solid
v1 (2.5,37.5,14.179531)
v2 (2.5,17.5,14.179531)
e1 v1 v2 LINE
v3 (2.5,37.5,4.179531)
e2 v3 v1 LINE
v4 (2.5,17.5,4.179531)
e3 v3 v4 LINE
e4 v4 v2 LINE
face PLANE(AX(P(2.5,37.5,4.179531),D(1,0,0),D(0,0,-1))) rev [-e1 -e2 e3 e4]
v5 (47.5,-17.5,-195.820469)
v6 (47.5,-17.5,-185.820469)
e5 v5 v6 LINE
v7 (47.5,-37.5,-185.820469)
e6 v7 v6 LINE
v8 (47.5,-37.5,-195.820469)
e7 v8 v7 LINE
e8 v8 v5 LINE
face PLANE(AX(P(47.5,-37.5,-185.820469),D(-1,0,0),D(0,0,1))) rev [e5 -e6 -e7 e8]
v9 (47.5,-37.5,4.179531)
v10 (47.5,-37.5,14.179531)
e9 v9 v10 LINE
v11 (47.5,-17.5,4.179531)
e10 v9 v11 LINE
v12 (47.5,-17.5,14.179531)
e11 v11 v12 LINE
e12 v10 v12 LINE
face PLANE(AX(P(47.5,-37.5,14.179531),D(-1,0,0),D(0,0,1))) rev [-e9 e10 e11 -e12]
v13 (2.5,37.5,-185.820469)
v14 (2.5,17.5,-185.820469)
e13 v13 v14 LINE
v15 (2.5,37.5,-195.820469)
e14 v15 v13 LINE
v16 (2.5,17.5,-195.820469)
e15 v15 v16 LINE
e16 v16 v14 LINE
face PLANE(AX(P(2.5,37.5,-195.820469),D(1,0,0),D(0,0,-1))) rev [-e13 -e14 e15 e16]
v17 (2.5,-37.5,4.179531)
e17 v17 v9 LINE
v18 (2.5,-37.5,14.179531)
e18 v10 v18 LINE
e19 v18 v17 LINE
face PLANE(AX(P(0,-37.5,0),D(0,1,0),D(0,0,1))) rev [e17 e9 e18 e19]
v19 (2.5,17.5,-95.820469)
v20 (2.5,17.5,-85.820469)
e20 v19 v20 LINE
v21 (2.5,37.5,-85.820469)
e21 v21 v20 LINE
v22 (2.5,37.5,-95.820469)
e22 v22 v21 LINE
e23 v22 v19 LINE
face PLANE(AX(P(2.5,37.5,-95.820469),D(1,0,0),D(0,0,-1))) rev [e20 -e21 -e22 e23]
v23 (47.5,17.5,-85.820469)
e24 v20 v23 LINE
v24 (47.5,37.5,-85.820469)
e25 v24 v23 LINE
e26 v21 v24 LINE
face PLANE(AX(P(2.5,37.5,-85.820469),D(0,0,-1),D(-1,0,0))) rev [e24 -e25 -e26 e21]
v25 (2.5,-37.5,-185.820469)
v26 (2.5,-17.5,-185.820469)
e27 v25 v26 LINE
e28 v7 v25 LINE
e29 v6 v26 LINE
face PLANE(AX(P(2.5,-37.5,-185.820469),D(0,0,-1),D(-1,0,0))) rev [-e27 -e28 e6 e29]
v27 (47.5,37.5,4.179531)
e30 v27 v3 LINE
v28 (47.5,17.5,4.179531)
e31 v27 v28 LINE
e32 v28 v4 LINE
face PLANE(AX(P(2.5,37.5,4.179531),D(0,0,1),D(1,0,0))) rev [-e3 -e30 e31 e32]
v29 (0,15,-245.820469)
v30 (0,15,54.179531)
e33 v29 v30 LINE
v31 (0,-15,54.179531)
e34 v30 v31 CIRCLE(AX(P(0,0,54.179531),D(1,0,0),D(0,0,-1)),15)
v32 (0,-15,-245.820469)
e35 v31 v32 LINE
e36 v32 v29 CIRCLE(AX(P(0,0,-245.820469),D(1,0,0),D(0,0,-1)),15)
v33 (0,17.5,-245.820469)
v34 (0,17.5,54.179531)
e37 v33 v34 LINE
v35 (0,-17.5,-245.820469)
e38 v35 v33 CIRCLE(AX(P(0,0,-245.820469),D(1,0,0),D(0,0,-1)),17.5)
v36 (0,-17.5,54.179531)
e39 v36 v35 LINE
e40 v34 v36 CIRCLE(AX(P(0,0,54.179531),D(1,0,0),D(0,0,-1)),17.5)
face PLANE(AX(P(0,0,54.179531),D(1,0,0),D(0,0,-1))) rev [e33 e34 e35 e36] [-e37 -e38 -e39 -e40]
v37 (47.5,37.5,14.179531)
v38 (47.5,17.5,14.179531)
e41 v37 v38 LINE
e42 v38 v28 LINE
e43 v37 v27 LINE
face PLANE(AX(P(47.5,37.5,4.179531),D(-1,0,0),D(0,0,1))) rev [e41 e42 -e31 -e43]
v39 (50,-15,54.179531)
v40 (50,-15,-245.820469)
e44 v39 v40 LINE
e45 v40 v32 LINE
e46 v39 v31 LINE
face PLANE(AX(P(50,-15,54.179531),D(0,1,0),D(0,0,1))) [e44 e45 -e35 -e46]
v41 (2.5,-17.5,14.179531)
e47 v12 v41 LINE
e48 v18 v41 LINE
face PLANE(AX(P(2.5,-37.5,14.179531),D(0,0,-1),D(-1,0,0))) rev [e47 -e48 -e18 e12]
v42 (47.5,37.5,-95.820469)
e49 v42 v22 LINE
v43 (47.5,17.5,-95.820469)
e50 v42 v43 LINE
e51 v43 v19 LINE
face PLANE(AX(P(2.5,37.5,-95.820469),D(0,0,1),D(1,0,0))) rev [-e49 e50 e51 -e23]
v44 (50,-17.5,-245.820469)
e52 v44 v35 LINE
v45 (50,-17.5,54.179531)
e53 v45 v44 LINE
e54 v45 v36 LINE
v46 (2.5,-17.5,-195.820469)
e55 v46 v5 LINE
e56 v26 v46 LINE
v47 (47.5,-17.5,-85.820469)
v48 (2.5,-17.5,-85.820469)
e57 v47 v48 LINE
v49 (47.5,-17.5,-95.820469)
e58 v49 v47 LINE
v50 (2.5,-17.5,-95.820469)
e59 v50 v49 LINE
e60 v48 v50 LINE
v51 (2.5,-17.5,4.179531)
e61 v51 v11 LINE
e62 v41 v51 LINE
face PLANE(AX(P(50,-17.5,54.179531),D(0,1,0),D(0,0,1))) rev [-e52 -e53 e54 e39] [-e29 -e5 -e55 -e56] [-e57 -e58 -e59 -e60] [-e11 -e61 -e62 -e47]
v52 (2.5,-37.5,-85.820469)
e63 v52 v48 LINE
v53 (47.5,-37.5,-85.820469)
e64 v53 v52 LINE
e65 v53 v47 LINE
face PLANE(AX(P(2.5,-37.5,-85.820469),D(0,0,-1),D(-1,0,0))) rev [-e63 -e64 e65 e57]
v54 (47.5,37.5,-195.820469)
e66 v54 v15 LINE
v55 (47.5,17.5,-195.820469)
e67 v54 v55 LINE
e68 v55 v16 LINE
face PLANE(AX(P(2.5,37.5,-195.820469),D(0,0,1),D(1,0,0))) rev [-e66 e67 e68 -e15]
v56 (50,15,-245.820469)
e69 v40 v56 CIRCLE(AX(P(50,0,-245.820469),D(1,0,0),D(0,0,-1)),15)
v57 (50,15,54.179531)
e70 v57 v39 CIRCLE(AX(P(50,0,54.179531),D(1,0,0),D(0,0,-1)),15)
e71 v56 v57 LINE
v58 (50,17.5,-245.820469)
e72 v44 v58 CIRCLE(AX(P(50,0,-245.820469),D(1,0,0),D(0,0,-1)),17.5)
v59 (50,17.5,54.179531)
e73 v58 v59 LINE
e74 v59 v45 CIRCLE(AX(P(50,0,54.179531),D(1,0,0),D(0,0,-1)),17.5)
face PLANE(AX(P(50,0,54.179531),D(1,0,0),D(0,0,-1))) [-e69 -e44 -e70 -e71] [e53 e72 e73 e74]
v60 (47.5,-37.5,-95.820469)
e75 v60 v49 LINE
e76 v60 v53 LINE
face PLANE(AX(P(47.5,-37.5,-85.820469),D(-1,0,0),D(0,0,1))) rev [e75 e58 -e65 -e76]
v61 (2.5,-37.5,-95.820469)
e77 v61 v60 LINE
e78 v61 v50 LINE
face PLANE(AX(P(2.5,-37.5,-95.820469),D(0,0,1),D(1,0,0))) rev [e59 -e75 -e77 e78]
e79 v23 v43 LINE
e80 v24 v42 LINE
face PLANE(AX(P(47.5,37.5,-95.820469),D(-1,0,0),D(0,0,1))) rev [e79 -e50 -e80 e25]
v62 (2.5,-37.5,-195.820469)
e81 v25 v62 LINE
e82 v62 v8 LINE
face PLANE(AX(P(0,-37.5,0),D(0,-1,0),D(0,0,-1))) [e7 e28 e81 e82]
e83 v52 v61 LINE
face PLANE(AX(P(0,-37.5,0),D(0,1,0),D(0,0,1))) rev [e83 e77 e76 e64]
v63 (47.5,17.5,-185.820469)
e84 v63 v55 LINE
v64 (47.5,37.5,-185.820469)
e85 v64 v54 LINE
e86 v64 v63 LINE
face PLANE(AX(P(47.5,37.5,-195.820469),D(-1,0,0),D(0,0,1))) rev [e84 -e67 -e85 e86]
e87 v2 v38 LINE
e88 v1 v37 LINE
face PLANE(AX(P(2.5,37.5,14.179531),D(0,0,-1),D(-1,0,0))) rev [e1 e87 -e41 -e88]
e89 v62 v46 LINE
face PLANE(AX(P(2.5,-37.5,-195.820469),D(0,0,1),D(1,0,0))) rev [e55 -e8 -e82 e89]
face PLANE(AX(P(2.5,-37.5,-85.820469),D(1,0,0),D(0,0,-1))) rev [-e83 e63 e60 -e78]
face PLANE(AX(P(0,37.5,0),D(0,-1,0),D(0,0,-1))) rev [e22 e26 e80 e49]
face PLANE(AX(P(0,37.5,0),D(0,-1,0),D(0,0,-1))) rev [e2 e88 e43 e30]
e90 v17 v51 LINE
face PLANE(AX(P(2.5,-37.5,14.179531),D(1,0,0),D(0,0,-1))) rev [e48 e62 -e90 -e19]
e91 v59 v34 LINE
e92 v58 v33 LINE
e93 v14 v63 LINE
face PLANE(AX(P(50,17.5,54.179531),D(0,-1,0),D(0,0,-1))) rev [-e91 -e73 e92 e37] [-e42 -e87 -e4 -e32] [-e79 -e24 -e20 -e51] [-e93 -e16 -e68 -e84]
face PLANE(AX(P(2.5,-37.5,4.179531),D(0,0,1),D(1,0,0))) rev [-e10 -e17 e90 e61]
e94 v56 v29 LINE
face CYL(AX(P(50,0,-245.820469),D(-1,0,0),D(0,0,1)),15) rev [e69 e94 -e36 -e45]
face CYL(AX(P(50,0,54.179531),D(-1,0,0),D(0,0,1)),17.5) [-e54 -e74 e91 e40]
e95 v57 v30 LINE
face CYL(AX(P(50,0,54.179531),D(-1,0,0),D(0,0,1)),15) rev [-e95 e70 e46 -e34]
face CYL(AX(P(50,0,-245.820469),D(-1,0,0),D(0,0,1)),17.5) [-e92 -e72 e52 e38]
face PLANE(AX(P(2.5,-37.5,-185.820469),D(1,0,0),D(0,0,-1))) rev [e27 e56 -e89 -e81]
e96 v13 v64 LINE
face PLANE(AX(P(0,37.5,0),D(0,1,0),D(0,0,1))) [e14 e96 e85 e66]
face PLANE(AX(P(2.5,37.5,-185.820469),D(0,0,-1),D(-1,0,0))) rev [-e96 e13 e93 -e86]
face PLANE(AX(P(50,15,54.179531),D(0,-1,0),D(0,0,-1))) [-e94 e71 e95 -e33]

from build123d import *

# Parameters (mm, degrees)
SALIENTE_EXTRUIR1_DEPTH = 50
CROQUIS2_W              = 45
CROQUIS2_H              = 10
SALIENTE_EXTRUIR2_DEPTH = 20
CROQUIS3_W              = 45
CROQUIS3_H              = 10
SALIENTE_EXTRUIR3_DEPTH = 20


with BuildPart() as part:
    # Croquis1 → Saliente-Extruir1 (new body)
    with BuildSketch(Plane(origin=(0, 0, 0), x_dir=(0, 0, -1), z_dir=(1, 0, 0))):
        with BuildLine():
            Line((-54.179530832, 17.5), (245.820469168, 17.5))
            ThreePointArc((245.820469168, 17.5), (263.320469168, 0), (245.820469168, -17.5))
            Line((245.820469168, -17.5), (-54.179530832, -17.5))
            ThreePointArc((-54.179530832, -17.5), (-71.679530832, 0), (-54.179530832, 17.5))
        make_face()
        with BuildLine():
            Line((-54.179530832, 15), (245.820469168, 15))
            ThreePointArc((245.820469168, 15), (260.820469168, 0), (245.820469168, -15))
            Line((245.820469168, -15), (-54.179530832, -15))
            ThreePointArc((-54.179530832, -15), (-69.179530832, 0), (-54.179530832, 15))
        make_face(mode=Mode.SUBTRACT)
    extrude(amount=SALIENTE_EXTRUIR1_DEPTH)

    # Croquis2 → Saliente-Extruir2 (add)
    with BuildSketch(Plane(origin=(0, 17.5, 0), x_dir=(1, 0, 0), z_dir=(0, 1, 0))):
        with Locations((25, 190.820469168)):
            Rectangle(CROQUIS2_W, CROQUIS2_H)
        with Locations((25, 90.820469168)):
            Rectangle(CROQUIS2_W, CROQUIS2_H)
        with Locations((25, -9.179530832)):
            Rectangle(CROQUIS2_W, CROQUIS2_H)
    extrude(amount=SALIENTE_EXTRUIR2_DEPTH)

    # Croquis3 → Saliente-Extruir3 (add)
    with BuildSketch(Plane.XZ.offset(17.5)):
        with Locations((25, -190.820469168)):
            Rectangle(CROQUIS3_W, CROQUIS3_H)
        with Locations((25, -90.820469168)):
            Rectangle(CROQUIS3_W, CROQUIS3_H)
        with Locations((25, 9.179530832)):
            Rectangle(CROQUIS3_W, CROQUIS3_H)
    extrude(amount=SALIENTE_EXTRUIR3_DEPTH)


solid = part.part
